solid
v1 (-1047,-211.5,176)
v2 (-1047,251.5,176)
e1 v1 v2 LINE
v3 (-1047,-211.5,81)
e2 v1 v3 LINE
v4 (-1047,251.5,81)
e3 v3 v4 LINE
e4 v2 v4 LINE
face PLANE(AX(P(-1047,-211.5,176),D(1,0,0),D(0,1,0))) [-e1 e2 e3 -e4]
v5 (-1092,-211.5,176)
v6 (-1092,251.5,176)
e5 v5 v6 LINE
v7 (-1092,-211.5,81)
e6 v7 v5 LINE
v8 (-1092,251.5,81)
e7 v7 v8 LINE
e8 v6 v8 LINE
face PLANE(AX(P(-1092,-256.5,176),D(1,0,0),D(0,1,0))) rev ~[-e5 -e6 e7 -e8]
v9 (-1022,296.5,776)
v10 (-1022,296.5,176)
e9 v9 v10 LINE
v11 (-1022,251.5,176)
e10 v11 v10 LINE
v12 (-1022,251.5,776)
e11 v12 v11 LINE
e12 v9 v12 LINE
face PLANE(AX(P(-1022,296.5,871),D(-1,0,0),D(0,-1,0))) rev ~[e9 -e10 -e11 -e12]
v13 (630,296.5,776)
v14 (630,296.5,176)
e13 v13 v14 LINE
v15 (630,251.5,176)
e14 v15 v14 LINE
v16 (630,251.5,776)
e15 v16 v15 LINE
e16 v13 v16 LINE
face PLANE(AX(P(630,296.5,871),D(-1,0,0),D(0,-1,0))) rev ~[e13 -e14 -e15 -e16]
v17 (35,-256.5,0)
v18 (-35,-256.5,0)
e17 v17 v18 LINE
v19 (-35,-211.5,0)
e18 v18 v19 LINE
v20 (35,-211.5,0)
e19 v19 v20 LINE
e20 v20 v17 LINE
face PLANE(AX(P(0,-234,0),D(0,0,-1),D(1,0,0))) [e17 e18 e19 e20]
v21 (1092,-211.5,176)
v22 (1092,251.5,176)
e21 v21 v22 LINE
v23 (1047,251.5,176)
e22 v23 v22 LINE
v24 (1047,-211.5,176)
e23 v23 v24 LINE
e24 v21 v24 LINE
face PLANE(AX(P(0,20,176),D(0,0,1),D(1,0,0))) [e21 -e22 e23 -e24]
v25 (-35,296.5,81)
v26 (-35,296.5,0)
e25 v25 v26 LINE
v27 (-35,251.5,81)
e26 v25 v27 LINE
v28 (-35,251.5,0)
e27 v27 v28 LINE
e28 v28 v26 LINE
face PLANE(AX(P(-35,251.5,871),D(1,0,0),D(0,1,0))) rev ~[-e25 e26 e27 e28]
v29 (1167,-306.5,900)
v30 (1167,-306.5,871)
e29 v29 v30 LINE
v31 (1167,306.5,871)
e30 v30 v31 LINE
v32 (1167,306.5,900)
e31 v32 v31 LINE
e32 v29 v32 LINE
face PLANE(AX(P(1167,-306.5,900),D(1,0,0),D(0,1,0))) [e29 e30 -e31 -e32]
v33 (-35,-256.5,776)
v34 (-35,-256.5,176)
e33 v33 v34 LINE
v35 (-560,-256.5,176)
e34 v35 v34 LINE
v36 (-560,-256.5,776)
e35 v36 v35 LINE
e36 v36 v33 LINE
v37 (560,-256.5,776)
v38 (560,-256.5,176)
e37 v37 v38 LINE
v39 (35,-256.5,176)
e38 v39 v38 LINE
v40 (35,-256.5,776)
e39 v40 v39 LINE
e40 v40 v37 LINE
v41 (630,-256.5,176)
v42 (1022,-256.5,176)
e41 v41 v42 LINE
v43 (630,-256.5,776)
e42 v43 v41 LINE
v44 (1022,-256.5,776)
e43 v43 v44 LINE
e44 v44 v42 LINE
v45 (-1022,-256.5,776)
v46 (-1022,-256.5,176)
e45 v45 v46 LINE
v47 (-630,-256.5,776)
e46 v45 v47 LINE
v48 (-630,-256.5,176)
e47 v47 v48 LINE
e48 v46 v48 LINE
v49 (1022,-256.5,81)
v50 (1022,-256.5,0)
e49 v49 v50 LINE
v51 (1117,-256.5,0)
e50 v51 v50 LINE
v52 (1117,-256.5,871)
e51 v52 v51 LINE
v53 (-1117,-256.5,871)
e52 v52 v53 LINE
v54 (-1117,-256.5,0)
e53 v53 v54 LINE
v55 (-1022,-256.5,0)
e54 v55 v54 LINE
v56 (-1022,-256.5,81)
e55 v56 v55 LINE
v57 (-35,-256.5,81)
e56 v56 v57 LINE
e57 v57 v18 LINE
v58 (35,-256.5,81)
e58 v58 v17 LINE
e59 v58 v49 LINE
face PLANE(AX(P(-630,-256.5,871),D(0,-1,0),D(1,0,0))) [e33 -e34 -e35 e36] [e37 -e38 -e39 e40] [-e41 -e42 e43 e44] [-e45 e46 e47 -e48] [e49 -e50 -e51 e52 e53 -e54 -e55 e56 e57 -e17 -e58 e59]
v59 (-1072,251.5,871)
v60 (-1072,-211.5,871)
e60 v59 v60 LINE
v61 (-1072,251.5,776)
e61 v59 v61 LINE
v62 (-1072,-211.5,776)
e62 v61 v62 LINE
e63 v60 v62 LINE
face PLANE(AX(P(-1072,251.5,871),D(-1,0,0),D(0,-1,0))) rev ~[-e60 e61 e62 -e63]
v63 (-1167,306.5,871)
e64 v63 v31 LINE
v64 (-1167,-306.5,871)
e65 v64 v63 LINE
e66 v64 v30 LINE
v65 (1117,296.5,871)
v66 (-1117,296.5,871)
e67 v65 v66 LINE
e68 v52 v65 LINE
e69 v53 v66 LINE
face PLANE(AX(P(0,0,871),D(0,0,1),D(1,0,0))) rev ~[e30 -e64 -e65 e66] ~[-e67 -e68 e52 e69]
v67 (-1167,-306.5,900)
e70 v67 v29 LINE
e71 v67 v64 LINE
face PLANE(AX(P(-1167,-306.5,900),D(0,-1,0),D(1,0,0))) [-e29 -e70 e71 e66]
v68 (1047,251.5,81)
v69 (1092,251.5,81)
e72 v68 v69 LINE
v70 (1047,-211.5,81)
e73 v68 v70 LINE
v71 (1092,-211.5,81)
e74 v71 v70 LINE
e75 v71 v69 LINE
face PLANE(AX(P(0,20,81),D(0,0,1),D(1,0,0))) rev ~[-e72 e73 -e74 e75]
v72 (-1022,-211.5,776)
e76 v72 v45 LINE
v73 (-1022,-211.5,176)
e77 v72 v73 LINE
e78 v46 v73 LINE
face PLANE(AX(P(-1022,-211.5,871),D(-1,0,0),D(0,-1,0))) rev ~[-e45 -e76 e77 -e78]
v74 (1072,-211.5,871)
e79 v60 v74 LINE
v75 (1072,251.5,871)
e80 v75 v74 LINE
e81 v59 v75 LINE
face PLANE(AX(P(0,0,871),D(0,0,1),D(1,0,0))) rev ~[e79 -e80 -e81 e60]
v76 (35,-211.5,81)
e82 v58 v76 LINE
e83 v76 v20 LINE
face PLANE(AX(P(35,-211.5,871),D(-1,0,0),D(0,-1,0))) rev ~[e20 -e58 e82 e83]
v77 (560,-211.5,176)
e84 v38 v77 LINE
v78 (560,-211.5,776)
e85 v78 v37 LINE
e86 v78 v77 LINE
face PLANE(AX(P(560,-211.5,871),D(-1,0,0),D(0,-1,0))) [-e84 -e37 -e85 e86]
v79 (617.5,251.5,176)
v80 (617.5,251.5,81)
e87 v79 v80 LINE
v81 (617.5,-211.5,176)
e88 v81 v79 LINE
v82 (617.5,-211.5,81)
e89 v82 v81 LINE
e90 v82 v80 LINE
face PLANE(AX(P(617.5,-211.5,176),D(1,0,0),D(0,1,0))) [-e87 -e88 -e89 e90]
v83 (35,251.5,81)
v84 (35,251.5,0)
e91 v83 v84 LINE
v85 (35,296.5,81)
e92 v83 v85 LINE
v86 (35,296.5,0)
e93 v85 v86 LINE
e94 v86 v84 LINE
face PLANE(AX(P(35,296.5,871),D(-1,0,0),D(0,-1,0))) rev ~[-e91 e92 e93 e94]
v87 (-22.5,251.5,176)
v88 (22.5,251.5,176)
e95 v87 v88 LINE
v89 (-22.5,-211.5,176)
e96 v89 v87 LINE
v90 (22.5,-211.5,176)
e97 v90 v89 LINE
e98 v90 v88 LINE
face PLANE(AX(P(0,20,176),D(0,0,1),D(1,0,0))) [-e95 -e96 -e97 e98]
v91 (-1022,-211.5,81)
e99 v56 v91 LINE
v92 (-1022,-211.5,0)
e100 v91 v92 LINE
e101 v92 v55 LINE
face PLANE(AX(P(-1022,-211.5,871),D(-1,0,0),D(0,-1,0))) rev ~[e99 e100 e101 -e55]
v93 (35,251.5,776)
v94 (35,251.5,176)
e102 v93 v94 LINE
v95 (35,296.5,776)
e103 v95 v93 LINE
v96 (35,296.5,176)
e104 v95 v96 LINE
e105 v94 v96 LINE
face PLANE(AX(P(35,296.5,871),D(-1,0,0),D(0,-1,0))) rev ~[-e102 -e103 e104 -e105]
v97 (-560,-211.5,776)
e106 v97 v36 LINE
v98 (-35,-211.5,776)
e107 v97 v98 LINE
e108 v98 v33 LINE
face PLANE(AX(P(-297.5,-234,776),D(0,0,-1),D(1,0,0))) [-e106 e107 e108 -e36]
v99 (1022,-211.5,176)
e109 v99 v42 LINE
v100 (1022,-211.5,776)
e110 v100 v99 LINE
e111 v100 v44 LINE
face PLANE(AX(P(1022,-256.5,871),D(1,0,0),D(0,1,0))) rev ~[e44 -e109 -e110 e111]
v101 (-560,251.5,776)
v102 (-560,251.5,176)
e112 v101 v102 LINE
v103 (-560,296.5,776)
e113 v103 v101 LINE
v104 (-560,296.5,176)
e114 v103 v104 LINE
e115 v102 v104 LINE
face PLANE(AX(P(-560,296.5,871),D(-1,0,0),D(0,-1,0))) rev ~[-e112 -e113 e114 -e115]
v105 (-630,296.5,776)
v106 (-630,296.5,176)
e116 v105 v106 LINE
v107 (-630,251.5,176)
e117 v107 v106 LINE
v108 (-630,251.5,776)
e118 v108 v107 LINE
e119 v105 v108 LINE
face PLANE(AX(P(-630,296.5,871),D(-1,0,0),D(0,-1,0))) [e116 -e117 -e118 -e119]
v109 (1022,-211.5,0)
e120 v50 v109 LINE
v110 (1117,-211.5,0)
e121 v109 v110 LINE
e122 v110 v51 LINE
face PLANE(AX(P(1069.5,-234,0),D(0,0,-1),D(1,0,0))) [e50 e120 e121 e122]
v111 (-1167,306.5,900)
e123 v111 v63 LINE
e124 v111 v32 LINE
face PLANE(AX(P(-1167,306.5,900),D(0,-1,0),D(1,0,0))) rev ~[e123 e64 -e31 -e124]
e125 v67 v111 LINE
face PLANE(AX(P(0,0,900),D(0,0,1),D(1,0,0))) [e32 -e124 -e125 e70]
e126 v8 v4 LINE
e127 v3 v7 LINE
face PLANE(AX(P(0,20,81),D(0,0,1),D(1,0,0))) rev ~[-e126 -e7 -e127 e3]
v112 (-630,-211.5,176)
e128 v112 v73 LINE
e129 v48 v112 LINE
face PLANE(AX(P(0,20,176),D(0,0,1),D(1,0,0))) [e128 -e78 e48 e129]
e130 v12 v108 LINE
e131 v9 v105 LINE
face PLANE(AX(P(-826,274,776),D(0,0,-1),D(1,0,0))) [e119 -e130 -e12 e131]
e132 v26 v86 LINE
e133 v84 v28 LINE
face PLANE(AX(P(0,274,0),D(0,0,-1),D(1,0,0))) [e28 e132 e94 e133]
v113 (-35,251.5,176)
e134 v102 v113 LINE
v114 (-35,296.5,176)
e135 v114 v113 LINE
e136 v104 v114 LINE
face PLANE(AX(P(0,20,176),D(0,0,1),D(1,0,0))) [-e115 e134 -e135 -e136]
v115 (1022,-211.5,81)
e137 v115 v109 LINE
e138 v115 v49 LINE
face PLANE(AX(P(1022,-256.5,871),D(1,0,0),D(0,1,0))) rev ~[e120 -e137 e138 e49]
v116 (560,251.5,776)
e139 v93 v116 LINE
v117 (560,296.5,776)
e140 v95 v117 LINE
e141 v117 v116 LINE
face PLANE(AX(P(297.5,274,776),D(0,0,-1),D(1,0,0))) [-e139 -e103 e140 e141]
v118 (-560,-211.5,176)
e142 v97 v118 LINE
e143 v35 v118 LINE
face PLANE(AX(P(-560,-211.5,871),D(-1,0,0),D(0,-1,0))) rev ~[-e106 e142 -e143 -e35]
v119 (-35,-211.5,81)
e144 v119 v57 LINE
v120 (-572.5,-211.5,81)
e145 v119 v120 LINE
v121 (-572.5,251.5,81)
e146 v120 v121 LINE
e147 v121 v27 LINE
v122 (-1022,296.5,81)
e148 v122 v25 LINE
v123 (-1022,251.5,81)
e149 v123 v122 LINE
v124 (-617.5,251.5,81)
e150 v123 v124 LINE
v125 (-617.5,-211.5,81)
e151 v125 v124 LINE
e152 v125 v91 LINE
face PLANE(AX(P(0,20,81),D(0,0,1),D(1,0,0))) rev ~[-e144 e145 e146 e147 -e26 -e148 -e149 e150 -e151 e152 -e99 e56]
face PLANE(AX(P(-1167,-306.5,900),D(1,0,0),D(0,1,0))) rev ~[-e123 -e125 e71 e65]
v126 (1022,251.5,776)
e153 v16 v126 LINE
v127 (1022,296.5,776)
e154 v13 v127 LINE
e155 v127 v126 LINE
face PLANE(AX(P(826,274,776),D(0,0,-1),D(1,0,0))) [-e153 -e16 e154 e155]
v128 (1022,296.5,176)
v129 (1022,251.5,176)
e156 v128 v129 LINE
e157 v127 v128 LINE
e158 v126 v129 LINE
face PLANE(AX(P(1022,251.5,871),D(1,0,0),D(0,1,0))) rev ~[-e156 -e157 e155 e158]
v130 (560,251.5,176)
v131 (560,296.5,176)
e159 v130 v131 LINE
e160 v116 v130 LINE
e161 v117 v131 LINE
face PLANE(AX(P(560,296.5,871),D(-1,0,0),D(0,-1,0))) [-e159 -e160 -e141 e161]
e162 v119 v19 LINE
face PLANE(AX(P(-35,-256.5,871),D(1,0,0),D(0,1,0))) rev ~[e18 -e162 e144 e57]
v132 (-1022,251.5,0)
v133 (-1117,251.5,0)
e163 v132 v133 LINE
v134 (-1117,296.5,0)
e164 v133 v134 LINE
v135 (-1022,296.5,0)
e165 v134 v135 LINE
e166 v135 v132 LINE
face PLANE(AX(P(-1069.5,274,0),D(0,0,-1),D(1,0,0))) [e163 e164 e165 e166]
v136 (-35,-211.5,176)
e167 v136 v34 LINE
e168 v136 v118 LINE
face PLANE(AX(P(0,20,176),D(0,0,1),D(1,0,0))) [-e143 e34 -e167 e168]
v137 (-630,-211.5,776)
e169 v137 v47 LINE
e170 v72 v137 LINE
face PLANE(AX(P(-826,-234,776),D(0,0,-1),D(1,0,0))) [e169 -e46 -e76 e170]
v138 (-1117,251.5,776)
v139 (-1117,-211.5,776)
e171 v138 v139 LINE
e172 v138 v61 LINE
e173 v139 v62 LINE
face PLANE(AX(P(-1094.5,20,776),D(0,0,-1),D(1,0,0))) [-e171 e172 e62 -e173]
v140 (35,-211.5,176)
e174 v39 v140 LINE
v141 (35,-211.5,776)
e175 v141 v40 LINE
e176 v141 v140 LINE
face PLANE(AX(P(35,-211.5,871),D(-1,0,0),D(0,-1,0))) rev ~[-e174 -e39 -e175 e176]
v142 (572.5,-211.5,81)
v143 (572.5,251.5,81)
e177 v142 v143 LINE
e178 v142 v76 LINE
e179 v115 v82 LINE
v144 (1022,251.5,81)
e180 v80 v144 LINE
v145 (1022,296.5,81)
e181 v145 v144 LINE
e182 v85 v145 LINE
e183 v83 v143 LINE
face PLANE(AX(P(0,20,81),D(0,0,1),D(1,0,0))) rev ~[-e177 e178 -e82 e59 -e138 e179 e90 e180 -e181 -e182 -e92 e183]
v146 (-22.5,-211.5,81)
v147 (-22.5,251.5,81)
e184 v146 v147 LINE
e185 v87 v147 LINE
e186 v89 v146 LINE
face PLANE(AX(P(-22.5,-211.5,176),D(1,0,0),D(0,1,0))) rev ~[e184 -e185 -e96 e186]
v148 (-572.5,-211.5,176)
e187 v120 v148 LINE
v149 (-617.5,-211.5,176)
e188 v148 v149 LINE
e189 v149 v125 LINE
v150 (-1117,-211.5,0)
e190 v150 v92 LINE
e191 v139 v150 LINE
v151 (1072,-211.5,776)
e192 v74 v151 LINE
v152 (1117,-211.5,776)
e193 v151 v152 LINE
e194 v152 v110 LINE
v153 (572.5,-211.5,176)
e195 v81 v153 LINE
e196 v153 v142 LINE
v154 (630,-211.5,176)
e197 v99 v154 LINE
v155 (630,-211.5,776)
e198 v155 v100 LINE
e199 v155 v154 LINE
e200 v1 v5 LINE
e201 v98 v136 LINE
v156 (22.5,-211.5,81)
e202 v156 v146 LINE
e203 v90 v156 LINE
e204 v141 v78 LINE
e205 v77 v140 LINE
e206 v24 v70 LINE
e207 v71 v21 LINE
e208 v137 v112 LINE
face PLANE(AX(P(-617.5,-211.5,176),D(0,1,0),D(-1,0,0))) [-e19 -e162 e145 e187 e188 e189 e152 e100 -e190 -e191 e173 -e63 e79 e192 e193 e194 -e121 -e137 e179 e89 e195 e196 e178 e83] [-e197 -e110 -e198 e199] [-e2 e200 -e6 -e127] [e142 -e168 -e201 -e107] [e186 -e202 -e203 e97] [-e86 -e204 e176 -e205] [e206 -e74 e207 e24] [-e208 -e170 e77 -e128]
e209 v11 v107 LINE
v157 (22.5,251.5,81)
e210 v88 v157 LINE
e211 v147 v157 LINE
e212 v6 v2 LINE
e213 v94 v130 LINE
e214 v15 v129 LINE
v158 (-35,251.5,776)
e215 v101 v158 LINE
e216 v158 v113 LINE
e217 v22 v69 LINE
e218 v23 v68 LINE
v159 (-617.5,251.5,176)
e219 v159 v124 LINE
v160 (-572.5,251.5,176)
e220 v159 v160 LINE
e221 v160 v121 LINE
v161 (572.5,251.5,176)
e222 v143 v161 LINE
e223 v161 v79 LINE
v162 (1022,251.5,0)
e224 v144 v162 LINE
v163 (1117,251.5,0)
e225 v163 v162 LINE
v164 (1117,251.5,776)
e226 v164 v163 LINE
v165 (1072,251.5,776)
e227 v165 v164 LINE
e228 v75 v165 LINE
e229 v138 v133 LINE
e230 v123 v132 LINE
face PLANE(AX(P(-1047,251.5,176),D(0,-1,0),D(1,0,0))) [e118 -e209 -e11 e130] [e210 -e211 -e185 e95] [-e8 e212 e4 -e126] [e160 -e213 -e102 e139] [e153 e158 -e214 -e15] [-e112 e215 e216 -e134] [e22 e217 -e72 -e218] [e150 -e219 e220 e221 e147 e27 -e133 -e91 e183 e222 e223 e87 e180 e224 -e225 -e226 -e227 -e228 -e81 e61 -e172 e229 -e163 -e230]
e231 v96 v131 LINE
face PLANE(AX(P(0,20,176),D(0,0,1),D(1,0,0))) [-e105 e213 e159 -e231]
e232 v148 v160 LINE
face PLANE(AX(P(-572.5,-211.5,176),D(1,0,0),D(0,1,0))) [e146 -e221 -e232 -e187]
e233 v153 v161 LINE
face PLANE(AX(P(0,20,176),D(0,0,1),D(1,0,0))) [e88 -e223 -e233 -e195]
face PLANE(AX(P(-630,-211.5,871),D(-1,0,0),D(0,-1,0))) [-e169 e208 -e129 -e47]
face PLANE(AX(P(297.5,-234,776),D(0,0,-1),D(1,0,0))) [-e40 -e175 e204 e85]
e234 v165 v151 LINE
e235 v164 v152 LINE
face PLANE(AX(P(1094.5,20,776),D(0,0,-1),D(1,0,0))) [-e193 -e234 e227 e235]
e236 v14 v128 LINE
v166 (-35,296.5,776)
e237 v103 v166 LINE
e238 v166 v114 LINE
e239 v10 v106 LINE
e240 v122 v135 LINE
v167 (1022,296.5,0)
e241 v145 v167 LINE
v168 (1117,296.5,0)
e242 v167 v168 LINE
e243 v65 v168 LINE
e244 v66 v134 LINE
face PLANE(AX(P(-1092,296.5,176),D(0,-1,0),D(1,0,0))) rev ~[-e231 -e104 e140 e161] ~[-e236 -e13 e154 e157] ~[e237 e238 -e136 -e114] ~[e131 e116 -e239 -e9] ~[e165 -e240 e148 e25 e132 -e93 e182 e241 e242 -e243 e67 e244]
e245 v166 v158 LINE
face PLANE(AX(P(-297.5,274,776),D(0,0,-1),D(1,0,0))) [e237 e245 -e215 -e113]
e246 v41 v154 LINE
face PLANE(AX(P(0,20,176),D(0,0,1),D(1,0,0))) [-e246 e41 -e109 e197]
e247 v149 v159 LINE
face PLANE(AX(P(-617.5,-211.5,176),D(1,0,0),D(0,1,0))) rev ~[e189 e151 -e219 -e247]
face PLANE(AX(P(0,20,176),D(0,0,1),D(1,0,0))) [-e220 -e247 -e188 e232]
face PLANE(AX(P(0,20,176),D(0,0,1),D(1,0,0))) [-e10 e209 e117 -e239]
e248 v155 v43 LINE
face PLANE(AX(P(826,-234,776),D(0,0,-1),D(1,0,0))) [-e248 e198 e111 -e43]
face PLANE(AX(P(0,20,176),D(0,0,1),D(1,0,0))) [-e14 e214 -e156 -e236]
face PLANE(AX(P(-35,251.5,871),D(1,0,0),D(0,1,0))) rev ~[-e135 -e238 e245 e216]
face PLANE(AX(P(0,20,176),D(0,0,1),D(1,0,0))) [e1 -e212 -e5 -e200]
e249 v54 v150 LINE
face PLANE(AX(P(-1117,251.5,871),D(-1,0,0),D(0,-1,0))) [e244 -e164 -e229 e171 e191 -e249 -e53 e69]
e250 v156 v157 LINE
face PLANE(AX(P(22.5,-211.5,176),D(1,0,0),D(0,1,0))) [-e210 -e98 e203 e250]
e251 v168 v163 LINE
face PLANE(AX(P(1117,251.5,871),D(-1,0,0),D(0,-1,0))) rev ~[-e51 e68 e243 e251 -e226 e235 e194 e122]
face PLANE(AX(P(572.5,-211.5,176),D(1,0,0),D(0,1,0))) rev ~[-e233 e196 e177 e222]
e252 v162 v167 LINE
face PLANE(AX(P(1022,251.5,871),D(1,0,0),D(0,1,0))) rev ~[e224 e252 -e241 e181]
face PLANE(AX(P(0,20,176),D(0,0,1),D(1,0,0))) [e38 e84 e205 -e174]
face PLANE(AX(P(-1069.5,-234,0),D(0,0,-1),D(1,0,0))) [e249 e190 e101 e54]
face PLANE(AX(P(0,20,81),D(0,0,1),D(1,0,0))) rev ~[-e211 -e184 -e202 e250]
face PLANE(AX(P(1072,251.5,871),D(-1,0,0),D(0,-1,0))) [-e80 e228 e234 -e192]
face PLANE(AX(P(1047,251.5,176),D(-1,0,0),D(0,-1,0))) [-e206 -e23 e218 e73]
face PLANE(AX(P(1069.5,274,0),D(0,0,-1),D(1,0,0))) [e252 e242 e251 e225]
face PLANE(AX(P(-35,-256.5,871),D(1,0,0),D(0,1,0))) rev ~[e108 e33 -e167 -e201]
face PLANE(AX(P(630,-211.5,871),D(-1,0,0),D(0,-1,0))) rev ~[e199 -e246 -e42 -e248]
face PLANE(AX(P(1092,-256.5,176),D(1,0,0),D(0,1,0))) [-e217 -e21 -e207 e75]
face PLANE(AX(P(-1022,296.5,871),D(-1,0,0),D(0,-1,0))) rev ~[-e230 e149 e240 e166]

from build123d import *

# Parameters (mm, degrees)
F1_W     = 2334
F1_H     = 613
F2_DEPTH = 29
F4_DEPTH = 871
F3_W     = 45
F3_H     = 463
F3_W_2   = 392
F3_H_2   = 45
F3_W_3   = 525
F7_DEPTH = 95
F3_W_4   = 70
F8_DEPTH = 750
F6_W     = 2184
F6_H     = 553
F6_W_2   = 45
F6_H_2   = 463
F9_DEPTH = 95


with BuildPart() as f2:
    # F1 (on offset) → F2 (new body)
    with BuildSketch(Plane.XY.offset(900)):
        Rectangle(F1_W, F1_H)
    extrude(amount=-F2_DEPTH)

    # F3 (on face) → F4 (join)
    with BuildSketch(Plane(origin=(0, 0, 871), x_dir=(1, 0, 0), z_dir=(0, 0, -1))):
        Polygon((-1022, 256.5), (-1117, 256.5), (-1117, 211.5), (-1072, 211.5), (-1022, 211.5), align=None)
        Polygon((-1072, -251.5), (-1117, -251.5), (-1117, -296.5), (-1022, -296.5), (-1022, -251.5), align=None)
        Polygon((1117, -296.5), (1117, -251.5), (1072, -251.5), (1022, -251.5), (1022, -296.5), align=None)
        Polygon((1117, 256.5), (1022, 256.5), (1022, 211.5), (1072, 211.5), (1117, 211.5), align=None)
        Polygon((35, 256.5), (-35, 256.5), (-35, 211.5), (-22.5, 211.5), (22.5, 211.5), (35, 211.5), align=None)
        Polygon((22.5, -251.5), (-22.5, -251.5), (-35, -251.5), (-35, -296.5), (35, -296.5), (35, -251.5), align=None)
    extrude(amount=F4_DEPTH)

    # F3 (on face) → F7 (join)
    with BuildSketch(Plane(origin=(0, 0, 871), x_dir=(1, 0, 0), z_dir=(0, 0, -1))):
        with Locations((-1094.5, -20)):
            Rectangle(F3_W, F3_H)
        with Locations((-826, 234)):
            Rectangle(F3_W_2, F3_H_2)
        with Locations((-826, -274)):
            Rectangle(F3_W_2, F3_H_2)
        with Locations((-297.5, -274)):
            Rectangle(F3_W_3, F3_H_2)
        with Locations((-297.5, 234)):
            Rectangle(F3_W_3, F3_H_2)
        with Locations((297.5, 234)):
            Rectangle(F3_W_3, F3_H_2)
        with Locations((297.5, -274)):
            Rectangle(F3_W_3, F3_H_2)
        with Locations((826, -274)):
            Rectangle(F3_W_2, F3_H_2)
        with Locations((826, 234)):
            Rectangle(F3_W_2, F3_H_2)
        with Locations((1094.5, -20)):
            Rectangle(F3_W, F3_H)
    extrude(amount=F7_DEPTH)

    # F3 (on face) → F8 (join)
    with BuildSketch(Plane(origin=(0, 0, 871), x_dir=(1, 0, 0), z_dir=(0, 0, -1))):
        with Locations((-595, 234)):
            Rectangle(F3_W_4, F3_H_2)
        with Locations((-595, -274)):
            Rectangle(F3_W_4, F3_H_2)
        with Locations((595, -274)):
            Rectangle(F3_W_4, F3_H_2)
        with Locations((595, 234)):
            Rectangle(F3_W_4, F3_H_2)
    extrude(amount=F8_DEPTH)

    # F6 (on offset) → F9 (join)
    with BuildSketch(Plane.XY.offset(176)):
        with Locations((0, 20)):
            Rectangle(F6_W, F6_H)
        Polygon((-617.5, -211.5), (-1047, -211.5), (-1047, 251.5), (-617.5, 251.5), (-572.5, 251.5), (-22.5, 251.5), (22.5, 251.5), (572.5, 251.5), (617.5, 251.5), (1047, 251.5), (1047, -211.5), (617.5, -211.5), (572.5, -211.5), (22.5, -211.5), (-22.5, -211.5), (-572.5, -211.5), align=None, mode=Mode.SUBTRACT)
        with Locations((-595, 20)):
            Rectangle(F6_W_2, F6_H_2)
        with Locations((0, 20)):
            Rectangle(F6_W_2, F6_H_2)
        with Locations((595, 20)):
            Rectangle(F6_W_2, F6_H_2)
    extrude(amount=-F9_DEPTH)


solid = f2.part
